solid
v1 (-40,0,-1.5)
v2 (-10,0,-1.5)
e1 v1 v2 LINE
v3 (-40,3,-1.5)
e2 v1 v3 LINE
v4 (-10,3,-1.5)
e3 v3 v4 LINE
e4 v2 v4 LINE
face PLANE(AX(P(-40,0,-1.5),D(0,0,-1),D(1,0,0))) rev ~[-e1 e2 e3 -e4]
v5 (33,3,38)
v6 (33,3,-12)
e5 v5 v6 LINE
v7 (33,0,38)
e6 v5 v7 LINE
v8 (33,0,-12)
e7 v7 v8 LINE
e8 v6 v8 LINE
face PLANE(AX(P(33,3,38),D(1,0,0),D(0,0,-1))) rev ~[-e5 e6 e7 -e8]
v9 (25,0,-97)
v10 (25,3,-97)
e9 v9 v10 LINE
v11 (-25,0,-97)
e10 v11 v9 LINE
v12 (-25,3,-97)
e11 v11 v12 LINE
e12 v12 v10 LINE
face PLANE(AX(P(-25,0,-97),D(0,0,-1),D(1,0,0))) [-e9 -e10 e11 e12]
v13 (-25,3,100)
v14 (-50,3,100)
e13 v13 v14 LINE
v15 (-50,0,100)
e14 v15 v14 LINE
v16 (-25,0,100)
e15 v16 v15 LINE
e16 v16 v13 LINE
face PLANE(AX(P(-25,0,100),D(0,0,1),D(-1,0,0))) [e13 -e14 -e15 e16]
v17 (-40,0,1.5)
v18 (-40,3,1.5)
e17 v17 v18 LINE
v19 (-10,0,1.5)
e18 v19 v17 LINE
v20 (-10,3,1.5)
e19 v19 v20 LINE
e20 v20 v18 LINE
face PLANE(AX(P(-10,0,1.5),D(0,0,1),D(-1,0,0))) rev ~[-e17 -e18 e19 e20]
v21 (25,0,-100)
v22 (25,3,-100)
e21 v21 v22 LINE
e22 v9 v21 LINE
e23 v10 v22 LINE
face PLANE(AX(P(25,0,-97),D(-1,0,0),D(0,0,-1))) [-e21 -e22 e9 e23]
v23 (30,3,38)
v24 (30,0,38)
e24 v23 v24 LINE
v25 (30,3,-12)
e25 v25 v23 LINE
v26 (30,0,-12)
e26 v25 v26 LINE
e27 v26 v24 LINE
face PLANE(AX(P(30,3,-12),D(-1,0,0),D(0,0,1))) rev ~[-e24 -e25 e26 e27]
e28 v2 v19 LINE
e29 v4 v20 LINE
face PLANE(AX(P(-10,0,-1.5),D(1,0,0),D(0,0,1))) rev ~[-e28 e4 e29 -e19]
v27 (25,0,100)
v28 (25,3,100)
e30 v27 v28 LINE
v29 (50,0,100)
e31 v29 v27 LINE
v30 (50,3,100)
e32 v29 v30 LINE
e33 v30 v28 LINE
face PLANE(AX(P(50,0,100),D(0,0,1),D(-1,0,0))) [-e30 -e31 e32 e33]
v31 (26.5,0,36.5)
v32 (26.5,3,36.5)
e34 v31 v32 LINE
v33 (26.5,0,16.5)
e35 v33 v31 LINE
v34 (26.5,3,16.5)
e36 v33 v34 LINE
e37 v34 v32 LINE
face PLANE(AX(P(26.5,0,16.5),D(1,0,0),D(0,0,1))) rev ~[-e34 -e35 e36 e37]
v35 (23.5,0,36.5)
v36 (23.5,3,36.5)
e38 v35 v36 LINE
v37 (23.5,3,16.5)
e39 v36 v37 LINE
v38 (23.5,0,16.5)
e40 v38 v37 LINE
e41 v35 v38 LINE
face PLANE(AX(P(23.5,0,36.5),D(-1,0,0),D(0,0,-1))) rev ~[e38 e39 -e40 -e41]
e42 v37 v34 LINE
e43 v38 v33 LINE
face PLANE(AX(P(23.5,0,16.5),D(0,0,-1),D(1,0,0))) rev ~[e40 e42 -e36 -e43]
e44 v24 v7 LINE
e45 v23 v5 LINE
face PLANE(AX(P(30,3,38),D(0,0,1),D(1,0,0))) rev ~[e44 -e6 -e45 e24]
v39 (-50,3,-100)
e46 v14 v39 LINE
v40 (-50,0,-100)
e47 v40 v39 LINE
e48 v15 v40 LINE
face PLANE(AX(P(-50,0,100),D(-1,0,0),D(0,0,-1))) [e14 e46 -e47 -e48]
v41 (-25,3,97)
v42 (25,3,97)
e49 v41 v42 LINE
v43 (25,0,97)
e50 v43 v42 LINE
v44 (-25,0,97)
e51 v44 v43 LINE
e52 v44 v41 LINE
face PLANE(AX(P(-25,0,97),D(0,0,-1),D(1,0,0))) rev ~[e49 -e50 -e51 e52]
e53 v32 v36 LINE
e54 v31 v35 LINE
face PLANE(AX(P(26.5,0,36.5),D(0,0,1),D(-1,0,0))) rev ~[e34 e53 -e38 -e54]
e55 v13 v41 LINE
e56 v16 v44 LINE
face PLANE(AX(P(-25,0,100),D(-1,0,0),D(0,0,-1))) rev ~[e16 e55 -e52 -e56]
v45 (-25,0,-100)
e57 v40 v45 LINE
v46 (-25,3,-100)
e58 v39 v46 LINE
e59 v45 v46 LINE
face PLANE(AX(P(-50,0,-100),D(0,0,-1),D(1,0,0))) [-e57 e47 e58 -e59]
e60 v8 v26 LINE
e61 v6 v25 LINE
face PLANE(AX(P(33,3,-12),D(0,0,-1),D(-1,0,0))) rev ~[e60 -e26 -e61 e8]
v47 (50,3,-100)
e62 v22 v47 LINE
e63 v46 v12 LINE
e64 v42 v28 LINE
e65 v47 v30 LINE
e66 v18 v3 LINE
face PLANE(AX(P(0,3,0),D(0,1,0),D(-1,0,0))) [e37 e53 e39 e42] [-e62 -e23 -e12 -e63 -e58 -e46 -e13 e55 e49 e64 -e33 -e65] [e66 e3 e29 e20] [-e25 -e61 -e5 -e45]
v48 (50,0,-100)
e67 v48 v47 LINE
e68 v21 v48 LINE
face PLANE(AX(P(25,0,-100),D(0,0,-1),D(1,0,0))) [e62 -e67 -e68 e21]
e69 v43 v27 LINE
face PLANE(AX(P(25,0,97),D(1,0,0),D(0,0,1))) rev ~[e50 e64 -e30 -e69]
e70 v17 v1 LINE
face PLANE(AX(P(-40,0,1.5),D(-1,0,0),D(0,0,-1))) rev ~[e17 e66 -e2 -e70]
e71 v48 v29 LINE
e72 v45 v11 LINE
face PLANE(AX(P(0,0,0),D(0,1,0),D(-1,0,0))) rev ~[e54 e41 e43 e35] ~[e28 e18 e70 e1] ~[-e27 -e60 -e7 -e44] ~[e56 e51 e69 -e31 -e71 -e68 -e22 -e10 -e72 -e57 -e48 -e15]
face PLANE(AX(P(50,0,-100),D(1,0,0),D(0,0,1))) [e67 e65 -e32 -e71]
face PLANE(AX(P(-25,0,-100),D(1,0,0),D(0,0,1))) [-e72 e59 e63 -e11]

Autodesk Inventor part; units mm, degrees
ref_plane "YZ Plane" through (0, 0, 0) normal (1, 0, 0) x (0, 1, 0)
ref_plane "XZ Plane" through (0, 0, 0) normal (0, 1, 0) x (-1, 0, 0)
ref_plane "XY Plane" through (0, 0, 0) normal (0, 0, 1) x (1, 0, 0)
sketch "Boceto1" plane through (0, 0, 0) normal (0, 1, 0) x (-1, 0, 0)
  line L0 (50, 100) -> (50, -100)
  line L1 (-50, 100) -> (50, -100) construction
  line L2 (50, 100) -> (-50, -100) construction
  line L3 (25, 100) -> (25, 97)
  line L4 (25, 97) -> (-25, 97)
  line L5 (-25, 97) -> (-25, 100)
  line L6 (-50, 100) -> (-25, 100)
  line L7 (25, 100) -> (50, 100)
  line L8 (25, -100) -> (25, -97)
  line L9 (25, -97) -> (-25, -97)
  line L10 (-25, -97) -> (-25, -100)
  line L11 (50, -100) -> (25, -100)
  line L12 (-25, -100) -> (-50, -100)
  line L13 (-50, -100) -> (-50, 100)
  point P0 (0, 0)
  dimension "d0" = 100
  dimension "d1" = 200
  dimension "d4" = 3
  dimension "d5" = 50
  dimension "d7" = 3
  dimension "d8" = 50
  dimension "d12" = 25
extrude "Extrusión1" add sketch "Boceto1" along normal blind 3
sketch "Boceto2" plane through (0, 3, 0) normal (0, 1, 0) x (1, 0, 0)
  line L0 (33, 12) -> (30, 12)
  line L1 (30, 12) -> (30, -38)
  line L2 (30, -38) -> (33, -38)
  line L3 (33, -38) -> (33, 12)
  line L4 (50, 100) -> (25, 100) projected
  line L5 (-50, 100) -> (-50, -100) projected
  point P0 (0, 0)
  dimension "d17" = 3
  dimension "d18" = 50
  dimension "d19" = 88
  dimension "d20" = 80
extrude "Extrusión2" cut sketch "Boceto2" against normal blind 3
sketch "Boceto3" plane through (0, 0, 0) normal (0, -1, 0) x (1, 0, 0)
  line L0 (-40, -1.5) -> (-10, -1.5)
  line L1 (-10, -1.5) -> (-10, 1.5)
  line L2 (-10, 1.5) -> (-40, 1.5)
  line L3 (-40, 1.5) -> (-40, -1.5)
  line L4 (-50, -100) -> (-25, -100) projected
  line L5 (30, -12) -> (30, 38) projected
  point P0 (0, 0)
  dimension "d23" = 30
  dimension "d24" = 3
  dimension "d25" = 98.5
  dimension "d26" = 40
extrude "Extrusión3" cut sketch "Boceto3" against normal blind 3
sketch "Boceto4" plane through (0, 0, 0) normal (0, -1, 0) x (1, 0, 0)
  line L0 (23.5, 16.5) -> (26.5, 16.5)
  line L1 (26.5, 16.5) -> (26.5, 36.5)
  line L2 (26.5, 36.5) -> (23.5, 36.5)
  line L3 (23.5, 36.5) -> (23.5, 16.5)
  line L4 (-40, 1.5) -> (-10, 1.5) projected
  line L5 (30, -12) -> (30, 38) projected
  point P0 (0, 0)
  dimension "d29" = 3
  dimension "d30" = 20
  dimension "d31" = 15
  dimension "d32" = 3.5
extrude "Extrusión4" cut sketch "Boceto4" against normal blind 3
properties part number "Piso"
